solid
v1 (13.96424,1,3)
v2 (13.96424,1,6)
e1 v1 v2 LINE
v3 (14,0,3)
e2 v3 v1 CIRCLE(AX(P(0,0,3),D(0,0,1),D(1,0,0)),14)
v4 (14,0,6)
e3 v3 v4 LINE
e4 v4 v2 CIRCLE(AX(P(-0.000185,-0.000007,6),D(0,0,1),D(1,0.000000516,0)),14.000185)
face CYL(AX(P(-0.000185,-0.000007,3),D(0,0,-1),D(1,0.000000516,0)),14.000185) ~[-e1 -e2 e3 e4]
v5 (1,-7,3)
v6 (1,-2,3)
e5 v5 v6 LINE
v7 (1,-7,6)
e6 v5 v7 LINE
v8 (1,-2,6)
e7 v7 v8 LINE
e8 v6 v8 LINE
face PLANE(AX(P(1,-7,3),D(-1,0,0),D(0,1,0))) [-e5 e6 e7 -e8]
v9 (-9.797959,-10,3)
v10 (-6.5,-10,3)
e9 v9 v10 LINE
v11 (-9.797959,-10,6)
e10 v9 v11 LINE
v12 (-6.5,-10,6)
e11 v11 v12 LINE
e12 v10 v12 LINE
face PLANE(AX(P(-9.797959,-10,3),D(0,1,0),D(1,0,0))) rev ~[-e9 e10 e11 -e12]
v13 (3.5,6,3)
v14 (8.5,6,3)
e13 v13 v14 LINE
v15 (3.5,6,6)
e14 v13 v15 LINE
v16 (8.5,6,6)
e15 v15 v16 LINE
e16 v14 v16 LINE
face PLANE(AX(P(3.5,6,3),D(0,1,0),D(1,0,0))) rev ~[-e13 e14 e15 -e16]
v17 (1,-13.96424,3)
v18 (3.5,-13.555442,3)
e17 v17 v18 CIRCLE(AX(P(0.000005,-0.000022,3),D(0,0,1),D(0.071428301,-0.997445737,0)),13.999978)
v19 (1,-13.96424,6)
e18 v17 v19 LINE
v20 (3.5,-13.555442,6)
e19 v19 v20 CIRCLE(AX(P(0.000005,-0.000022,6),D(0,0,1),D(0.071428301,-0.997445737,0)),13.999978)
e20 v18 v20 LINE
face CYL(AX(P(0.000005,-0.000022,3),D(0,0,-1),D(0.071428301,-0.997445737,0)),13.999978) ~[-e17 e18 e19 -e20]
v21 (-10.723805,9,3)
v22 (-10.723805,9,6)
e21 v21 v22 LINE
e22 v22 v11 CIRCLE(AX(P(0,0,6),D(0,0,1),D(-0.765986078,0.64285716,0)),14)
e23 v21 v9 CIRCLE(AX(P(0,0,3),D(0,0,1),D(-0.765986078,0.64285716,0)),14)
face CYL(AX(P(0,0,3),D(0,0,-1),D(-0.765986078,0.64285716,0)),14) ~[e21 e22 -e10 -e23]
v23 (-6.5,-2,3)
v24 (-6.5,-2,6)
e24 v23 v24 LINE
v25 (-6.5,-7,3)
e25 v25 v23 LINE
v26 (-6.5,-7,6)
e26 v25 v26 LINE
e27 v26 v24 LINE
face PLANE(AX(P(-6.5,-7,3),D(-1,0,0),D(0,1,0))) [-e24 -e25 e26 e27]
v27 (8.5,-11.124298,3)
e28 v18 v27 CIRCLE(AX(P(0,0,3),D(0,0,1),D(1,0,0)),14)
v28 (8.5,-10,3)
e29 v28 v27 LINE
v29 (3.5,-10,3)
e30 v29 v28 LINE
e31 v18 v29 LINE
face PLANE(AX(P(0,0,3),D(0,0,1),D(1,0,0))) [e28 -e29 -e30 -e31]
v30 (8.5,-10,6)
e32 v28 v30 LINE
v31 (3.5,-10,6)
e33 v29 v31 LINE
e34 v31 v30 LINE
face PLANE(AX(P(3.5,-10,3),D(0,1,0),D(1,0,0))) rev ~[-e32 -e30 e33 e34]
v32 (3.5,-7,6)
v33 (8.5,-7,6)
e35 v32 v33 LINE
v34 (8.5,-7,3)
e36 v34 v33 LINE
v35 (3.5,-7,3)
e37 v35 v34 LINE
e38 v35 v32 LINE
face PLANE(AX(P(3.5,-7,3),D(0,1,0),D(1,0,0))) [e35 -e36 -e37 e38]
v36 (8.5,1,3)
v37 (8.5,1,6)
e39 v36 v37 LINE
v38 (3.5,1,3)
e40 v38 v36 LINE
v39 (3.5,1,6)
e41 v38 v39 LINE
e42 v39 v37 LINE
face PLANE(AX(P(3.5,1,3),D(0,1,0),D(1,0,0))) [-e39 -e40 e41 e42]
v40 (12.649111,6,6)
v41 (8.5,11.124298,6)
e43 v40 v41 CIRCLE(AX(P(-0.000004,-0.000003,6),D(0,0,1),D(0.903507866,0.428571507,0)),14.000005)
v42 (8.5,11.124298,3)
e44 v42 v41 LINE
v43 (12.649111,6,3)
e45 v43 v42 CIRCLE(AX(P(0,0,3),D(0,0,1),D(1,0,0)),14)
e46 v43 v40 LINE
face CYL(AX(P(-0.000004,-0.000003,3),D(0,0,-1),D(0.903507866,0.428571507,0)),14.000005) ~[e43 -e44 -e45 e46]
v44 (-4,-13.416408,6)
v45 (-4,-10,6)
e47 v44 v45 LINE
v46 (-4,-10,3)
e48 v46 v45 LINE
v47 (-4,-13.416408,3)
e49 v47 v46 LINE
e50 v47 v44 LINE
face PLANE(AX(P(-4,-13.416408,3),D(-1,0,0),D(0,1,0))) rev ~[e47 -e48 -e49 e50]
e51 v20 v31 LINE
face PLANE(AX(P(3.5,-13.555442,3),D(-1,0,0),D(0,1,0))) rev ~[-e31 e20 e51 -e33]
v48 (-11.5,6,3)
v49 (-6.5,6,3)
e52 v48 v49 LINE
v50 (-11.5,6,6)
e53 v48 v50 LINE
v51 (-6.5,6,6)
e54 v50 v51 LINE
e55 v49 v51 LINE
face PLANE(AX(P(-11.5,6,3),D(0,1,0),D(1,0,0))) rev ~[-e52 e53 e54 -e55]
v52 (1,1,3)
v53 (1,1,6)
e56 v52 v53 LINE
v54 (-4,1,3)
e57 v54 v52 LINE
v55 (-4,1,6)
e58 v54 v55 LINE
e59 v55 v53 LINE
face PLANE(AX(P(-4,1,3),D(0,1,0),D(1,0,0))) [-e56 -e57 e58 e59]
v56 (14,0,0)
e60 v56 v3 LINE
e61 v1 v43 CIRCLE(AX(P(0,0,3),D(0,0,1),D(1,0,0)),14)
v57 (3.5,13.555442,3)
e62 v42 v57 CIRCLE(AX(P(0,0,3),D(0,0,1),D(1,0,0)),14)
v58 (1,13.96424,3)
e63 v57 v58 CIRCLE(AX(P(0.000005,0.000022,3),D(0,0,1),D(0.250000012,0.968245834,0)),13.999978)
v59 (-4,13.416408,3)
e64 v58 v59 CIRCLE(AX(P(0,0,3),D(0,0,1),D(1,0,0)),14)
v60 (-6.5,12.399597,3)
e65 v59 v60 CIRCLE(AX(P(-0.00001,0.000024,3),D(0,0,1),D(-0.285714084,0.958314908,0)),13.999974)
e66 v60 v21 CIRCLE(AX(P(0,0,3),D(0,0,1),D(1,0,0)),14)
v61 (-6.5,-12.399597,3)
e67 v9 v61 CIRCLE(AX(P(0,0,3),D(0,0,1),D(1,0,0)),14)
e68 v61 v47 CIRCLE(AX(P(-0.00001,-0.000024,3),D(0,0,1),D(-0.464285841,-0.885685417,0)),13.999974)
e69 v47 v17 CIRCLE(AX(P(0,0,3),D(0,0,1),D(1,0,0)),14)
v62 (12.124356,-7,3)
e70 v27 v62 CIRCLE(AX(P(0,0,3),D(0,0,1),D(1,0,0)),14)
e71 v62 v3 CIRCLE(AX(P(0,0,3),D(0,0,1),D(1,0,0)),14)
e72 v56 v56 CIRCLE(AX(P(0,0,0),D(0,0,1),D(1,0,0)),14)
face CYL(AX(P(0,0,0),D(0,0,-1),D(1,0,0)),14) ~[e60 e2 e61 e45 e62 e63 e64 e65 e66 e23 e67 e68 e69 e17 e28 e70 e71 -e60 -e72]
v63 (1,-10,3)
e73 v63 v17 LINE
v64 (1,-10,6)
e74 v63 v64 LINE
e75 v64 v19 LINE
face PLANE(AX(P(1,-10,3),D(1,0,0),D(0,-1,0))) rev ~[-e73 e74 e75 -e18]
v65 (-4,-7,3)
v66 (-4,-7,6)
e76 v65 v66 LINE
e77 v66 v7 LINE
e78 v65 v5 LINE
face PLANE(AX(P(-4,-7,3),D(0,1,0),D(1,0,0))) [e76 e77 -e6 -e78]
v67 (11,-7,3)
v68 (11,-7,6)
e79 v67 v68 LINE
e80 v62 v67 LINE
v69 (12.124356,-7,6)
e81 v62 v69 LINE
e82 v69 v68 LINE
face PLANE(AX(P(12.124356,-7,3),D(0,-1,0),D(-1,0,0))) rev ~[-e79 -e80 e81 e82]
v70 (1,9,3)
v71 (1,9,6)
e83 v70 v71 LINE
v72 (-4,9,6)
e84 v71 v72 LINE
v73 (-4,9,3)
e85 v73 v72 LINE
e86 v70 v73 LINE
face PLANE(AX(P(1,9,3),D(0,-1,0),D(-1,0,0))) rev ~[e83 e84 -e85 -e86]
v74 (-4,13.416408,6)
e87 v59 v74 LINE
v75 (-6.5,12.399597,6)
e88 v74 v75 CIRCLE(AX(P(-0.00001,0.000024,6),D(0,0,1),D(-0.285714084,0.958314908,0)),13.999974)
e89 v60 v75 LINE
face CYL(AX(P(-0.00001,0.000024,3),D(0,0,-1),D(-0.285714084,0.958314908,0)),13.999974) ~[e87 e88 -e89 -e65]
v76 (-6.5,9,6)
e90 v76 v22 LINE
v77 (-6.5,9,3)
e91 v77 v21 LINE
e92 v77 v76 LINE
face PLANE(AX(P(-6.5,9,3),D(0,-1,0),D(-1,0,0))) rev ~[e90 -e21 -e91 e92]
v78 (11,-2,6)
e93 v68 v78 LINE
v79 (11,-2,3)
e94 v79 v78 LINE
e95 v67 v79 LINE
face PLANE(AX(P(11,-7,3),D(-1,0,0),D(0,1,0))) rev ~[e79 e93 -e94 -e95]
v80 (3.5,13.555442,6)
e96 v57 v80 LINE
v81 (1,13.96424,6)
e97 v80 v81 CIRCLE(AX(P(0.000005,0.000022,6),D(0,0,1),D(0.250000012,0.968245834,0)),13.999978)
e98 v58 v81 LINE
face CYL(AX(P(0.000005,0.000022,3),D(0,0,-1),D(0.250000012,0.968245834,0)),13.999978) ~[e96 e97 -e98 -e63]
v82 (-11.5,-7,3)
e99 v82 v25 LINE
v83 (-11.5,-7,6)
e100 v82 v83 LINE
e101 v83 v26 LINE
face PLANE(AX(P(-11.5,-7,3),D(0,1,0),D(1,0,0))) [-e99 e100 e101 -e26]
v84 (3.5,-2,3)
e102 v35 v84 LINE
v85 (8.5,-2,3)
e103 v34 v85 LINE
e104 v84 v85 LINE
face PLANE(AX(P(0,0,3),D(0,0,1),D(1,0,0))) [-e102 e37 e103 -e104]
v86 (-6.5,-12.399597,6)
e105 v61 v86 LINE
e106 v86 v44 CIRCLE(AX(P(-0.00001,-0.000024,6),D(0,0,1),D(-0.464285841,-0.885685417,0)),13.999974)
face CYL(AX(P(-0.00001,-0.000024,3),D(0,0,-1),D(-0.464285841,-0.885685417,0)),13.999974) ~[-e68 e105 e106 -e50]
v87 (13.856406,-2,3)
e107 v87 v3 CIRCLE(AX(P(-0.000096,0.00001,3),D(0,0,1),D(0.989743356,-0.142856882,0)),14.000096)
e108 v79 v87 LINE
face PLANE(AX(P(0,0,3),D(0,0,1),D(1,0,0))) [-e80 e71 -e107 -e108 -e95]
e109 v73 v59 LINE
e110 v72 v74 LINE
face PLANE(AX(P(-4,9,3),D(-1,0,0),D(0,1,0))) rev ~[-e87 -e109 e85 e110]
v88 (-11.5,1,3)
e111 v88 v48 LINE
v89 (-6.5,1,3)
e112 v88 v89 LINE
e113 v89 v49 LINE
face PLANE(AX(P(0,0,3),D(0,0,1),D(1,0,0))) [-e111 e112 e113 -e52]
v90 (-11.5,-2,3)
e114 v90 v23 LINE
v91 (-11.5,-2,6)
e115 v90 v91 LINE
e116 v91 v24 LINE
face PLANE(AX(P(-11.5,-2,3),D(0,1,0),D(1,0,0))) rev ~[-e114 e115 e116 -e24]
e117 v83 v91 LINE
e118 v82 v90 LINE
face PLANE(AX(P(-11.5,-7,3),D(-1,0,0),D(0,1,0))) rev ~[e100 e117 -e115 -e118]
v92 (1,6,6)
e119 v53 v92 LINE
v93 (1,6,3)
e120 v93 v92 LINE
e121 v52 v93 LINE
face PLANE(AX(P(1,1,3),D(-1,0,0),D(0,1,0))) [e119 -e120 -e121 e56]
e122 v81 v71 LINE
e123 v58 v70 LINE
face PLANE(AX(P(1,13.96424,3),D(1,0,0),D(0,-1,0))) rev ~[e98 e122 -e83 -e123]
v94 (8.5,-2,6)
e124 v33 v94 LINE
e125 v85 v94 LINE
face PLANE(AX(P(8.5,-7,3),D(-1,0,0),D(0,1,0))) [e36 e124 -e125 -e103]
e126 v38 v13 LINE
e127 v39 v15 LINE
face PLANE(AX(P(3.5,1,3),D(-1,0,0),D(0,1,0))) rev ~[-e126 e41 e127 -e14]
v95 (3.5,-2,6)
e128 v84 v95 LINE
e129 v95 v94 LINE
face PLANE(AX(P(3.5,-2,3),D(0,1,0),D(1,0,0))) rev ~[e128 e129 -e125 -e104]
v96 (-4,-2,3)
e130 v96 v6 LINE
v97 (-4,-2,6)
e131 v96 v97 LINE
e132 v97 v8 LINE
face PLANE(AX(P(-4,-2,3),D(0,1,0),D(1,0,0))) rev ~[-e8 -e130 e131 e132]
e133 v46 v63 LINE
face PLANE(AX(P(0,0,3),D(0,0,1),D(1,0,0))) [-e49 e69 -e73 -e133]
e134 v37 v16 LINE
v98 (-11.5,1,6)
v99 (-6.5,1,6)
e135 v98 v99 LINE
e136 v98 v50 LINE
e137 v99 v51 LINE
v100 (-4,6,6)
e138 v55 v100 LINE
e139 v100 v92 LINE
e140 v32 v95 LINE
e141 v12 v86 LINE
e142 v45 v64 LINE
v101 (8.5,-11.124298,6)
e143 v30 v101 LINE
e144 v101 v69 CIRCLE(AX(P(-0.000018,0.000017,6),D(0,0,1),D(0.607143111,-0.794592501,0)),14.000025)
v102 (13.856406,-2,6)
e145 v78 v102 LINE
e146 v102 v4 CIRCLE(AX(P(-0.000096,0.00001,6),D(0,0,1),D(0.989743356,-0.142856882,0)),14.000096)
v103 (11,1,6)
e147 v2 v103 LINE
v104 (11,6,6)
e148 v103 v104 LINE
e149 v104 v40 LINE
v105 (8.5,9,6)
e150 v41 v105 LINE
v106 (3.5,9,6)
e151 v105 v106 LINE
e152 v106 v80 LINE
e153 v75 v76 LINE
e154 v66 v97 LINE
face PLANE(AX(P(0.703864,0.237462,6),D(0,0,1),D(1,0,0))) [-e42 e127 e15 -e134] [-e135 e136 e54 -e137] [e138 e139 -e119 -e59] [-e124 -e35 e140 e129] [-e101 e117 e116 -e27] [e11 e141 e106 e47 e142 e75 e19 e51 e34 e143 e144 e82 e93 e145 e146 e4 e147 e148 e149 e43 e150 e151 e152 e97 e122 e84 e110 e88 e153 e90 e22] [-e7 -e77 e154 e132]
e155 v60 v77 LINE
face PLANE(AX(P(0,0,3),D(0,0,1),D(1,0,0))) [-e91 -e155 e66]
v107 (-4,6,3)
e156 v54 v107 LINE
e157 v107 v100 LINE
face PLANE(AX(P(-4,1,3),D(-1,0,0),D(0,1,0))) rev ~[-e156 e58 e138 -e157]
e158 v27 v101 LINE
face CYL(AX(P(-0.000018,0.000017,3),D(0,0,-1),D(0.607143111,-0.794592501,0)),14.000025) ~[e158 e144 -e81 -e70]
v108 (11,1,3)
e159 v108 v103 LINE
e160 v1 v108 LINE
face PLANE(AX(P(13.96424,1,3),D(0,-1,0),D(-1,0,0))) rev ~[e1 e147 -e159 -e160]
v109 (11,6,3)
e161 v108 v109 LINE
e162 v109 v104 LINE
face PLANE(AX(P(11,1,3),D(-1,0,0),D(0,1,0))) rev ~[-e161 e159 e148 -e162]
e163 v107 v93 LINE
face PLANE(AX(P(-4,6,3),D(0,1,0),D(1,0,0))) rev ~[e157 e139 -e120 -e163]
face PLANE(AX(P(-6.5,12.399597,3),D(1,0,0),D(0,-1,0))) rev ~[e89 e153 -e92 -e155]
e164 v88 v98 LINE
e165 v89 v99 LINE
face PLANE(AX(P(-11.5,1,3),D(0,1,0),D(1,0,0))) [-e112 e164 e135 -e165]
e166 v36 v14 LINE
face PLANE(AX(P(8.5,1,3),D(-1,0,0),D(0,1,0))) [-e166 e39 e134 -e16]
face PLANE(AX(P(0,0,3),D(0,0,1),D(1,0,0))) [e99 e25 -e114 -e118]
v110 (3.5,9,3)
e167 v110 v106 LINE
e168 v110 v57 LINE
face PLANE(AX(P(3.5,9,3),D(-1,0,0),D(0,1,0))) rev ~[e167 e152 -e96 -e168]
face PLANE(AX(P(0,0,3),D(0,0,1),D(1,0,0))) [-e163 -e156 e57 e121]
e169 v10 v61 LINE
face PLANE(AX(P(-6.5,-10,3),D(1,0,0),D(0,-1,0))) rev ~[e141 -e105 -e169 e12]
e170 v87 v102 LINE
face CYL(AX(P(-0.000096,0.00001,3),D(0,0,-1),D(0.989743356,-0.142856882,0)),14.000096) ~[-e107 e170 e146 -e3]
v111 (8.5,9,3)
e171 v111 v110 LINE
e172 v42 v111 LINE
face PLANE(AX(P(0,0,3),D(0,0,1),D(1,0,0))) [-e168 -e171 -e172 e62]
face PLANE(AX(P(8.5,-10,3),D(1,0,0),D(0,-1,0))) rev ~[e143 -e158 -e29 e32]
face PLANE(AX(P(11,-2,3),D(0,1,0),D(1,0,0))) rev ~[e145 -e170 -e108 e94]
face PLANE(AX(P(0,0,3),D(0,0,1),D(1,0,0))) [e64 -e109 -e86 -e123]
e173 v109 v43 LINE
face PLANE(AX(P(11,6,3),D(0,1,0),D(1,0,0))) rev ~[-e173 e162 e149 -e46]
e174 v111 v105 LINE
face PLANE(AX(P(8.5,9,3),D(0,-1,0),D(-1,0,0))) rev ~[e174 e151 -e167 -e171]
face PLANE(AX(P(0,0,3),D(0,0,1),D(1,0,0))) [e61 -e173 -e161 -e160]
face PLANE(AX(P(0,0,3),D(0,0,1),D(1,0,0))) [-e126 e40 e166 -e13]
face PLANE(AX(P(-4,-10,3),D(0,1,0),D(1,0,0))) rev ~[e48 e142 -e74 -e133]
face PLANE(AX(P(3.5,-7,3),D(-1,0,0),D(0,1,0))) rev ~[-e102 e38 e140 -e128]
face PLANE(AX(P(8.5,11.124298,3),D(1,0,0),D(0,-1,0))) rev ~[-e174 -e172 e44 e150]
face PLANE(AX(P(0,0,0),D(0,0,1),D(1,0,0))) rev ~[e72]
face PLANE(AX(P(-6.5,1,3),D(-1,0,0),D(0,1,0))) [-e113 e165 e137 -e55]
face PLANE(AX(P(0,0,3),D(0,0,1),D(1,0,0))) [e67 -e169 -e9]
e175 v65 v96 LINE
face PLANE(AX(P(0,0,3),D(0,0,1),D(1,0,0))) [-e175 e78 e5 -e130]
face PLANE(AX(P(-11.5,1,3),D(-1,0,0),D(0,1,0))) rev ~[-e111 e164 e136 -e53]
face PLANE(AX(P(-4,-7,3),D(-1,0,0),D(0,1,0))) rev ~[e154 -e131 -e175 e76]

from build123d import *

# Parameters (mm, degrees)
F0_R     = 14
F1_DEPTH = 3
F2_W     = 5
F2_H     = 5
F3_DEPTH = 3


with BuildPart() as f1:
    # F0 (on Top) → F1 (new body)
    with BuildSketch(Plane.XY):
        Circle(F0_R)
    extrude(amount=F1_DEPTH)

    # F2 (on face) → F3 (join)
    with BuildSketch(Plane.XY.offset(3)):
        with BuildLine():
            ThreePointArc((-4, 13.416408), (-5.274559, 12.968386), (-6.5, 12.399597))
            Line((-6.5, 12.399597), (-6.5, 9))
            Line((-6.5, 9), (-10.723805, 9))
            ThreePointArc((-10.723805, 9), (-13.983408, -0.681394), (-9.797959, -10))
            Line((-9.797959, -10), (-6.5, -10))
            Line((-6.5, -10), (-6.5, -12.399597))
            ThreePointArc((-6.5, -12.399597), (-5.274559, -12.968386), (-4, -13.416408))
            Line((-4, -13.416408), (-4, -10))
            Line((-4, -10), (1, -10))
            Line((1, -10), (1, -13.96424))
            ThreePointArc((1, -13.96424), (2.259265, -13.816502), (3.5, -13.555442))
            Line((3.5, -13.555442), (3.5, -10))
            Line((3.5, -10), (8.5, -10))
            Line((8.5, -10), (8.5, -11.124298))
            ThreePointArc((8.5, -11.124298), (10.516343, -9.241565), (12.124356, -7))
            Line((12.124356, -7), (11, -7))
            Line((11, -7), (11, -2))
            Line((11, -2), (13.856406, -2))
            ThreePointArc((13.856406, -2), (13.964055, -1.002574), (14, 0))
            ThreePointArc((14, 0), (13.991057, 0.50032), (13.96424, 1))
            Line((13.96424, 1), (11, 1))
            Line((11, 1), (11, 6))
            Line((11, 6), (12.649111, 6))
            ThreePointArc((12.649111, 6), (10.880525, 8.809891), (8.5, 11.124298))
            Line((8.5, 11.124298), (8.5, 9))
            Line((8.5, 9), (3.5, 9))
            Line((3.5, 9), (3.5, 13.555442))
            ThreePointArc((3.5, 13.555442), (2.259265, 13.816502), (1, 13.96424))
            Line((1, 13.96424), (1, 9))
            Line((1, 9), (-4, 9))
            Line((-4, 9), (-4, 13.416408))
        make_face()
        with Locations((-9, -4.5)):
            Rectangle(F2_W, F2_H, mode=Mode.SUBTRACT)
        with Locations((-1.5, -4.5)):
            Rectangle(F2_W, F2_H, mode=Mode.SUBTRACT)
        with Locations((-9, 3.5)):
            Rectangle(F2_W, F2_H, mode=Mode.SUBTRACT)
        with Locations((-1.5, 3.5)):
            Rectangle(F2_W, F2_H, mode=Mode.SUBTRACT)
        with Locations((6, -4.5)):
            Rectangle(F2_W, F2_H, mode=Mode.SUBTRACT)
        with Locations((6, 3.5)):
            Rectangle(F2_W, F2_H, mode=Mode.SUBTRACT)
    extrude(amount=F3_DEPTH)


solid = f1.part
